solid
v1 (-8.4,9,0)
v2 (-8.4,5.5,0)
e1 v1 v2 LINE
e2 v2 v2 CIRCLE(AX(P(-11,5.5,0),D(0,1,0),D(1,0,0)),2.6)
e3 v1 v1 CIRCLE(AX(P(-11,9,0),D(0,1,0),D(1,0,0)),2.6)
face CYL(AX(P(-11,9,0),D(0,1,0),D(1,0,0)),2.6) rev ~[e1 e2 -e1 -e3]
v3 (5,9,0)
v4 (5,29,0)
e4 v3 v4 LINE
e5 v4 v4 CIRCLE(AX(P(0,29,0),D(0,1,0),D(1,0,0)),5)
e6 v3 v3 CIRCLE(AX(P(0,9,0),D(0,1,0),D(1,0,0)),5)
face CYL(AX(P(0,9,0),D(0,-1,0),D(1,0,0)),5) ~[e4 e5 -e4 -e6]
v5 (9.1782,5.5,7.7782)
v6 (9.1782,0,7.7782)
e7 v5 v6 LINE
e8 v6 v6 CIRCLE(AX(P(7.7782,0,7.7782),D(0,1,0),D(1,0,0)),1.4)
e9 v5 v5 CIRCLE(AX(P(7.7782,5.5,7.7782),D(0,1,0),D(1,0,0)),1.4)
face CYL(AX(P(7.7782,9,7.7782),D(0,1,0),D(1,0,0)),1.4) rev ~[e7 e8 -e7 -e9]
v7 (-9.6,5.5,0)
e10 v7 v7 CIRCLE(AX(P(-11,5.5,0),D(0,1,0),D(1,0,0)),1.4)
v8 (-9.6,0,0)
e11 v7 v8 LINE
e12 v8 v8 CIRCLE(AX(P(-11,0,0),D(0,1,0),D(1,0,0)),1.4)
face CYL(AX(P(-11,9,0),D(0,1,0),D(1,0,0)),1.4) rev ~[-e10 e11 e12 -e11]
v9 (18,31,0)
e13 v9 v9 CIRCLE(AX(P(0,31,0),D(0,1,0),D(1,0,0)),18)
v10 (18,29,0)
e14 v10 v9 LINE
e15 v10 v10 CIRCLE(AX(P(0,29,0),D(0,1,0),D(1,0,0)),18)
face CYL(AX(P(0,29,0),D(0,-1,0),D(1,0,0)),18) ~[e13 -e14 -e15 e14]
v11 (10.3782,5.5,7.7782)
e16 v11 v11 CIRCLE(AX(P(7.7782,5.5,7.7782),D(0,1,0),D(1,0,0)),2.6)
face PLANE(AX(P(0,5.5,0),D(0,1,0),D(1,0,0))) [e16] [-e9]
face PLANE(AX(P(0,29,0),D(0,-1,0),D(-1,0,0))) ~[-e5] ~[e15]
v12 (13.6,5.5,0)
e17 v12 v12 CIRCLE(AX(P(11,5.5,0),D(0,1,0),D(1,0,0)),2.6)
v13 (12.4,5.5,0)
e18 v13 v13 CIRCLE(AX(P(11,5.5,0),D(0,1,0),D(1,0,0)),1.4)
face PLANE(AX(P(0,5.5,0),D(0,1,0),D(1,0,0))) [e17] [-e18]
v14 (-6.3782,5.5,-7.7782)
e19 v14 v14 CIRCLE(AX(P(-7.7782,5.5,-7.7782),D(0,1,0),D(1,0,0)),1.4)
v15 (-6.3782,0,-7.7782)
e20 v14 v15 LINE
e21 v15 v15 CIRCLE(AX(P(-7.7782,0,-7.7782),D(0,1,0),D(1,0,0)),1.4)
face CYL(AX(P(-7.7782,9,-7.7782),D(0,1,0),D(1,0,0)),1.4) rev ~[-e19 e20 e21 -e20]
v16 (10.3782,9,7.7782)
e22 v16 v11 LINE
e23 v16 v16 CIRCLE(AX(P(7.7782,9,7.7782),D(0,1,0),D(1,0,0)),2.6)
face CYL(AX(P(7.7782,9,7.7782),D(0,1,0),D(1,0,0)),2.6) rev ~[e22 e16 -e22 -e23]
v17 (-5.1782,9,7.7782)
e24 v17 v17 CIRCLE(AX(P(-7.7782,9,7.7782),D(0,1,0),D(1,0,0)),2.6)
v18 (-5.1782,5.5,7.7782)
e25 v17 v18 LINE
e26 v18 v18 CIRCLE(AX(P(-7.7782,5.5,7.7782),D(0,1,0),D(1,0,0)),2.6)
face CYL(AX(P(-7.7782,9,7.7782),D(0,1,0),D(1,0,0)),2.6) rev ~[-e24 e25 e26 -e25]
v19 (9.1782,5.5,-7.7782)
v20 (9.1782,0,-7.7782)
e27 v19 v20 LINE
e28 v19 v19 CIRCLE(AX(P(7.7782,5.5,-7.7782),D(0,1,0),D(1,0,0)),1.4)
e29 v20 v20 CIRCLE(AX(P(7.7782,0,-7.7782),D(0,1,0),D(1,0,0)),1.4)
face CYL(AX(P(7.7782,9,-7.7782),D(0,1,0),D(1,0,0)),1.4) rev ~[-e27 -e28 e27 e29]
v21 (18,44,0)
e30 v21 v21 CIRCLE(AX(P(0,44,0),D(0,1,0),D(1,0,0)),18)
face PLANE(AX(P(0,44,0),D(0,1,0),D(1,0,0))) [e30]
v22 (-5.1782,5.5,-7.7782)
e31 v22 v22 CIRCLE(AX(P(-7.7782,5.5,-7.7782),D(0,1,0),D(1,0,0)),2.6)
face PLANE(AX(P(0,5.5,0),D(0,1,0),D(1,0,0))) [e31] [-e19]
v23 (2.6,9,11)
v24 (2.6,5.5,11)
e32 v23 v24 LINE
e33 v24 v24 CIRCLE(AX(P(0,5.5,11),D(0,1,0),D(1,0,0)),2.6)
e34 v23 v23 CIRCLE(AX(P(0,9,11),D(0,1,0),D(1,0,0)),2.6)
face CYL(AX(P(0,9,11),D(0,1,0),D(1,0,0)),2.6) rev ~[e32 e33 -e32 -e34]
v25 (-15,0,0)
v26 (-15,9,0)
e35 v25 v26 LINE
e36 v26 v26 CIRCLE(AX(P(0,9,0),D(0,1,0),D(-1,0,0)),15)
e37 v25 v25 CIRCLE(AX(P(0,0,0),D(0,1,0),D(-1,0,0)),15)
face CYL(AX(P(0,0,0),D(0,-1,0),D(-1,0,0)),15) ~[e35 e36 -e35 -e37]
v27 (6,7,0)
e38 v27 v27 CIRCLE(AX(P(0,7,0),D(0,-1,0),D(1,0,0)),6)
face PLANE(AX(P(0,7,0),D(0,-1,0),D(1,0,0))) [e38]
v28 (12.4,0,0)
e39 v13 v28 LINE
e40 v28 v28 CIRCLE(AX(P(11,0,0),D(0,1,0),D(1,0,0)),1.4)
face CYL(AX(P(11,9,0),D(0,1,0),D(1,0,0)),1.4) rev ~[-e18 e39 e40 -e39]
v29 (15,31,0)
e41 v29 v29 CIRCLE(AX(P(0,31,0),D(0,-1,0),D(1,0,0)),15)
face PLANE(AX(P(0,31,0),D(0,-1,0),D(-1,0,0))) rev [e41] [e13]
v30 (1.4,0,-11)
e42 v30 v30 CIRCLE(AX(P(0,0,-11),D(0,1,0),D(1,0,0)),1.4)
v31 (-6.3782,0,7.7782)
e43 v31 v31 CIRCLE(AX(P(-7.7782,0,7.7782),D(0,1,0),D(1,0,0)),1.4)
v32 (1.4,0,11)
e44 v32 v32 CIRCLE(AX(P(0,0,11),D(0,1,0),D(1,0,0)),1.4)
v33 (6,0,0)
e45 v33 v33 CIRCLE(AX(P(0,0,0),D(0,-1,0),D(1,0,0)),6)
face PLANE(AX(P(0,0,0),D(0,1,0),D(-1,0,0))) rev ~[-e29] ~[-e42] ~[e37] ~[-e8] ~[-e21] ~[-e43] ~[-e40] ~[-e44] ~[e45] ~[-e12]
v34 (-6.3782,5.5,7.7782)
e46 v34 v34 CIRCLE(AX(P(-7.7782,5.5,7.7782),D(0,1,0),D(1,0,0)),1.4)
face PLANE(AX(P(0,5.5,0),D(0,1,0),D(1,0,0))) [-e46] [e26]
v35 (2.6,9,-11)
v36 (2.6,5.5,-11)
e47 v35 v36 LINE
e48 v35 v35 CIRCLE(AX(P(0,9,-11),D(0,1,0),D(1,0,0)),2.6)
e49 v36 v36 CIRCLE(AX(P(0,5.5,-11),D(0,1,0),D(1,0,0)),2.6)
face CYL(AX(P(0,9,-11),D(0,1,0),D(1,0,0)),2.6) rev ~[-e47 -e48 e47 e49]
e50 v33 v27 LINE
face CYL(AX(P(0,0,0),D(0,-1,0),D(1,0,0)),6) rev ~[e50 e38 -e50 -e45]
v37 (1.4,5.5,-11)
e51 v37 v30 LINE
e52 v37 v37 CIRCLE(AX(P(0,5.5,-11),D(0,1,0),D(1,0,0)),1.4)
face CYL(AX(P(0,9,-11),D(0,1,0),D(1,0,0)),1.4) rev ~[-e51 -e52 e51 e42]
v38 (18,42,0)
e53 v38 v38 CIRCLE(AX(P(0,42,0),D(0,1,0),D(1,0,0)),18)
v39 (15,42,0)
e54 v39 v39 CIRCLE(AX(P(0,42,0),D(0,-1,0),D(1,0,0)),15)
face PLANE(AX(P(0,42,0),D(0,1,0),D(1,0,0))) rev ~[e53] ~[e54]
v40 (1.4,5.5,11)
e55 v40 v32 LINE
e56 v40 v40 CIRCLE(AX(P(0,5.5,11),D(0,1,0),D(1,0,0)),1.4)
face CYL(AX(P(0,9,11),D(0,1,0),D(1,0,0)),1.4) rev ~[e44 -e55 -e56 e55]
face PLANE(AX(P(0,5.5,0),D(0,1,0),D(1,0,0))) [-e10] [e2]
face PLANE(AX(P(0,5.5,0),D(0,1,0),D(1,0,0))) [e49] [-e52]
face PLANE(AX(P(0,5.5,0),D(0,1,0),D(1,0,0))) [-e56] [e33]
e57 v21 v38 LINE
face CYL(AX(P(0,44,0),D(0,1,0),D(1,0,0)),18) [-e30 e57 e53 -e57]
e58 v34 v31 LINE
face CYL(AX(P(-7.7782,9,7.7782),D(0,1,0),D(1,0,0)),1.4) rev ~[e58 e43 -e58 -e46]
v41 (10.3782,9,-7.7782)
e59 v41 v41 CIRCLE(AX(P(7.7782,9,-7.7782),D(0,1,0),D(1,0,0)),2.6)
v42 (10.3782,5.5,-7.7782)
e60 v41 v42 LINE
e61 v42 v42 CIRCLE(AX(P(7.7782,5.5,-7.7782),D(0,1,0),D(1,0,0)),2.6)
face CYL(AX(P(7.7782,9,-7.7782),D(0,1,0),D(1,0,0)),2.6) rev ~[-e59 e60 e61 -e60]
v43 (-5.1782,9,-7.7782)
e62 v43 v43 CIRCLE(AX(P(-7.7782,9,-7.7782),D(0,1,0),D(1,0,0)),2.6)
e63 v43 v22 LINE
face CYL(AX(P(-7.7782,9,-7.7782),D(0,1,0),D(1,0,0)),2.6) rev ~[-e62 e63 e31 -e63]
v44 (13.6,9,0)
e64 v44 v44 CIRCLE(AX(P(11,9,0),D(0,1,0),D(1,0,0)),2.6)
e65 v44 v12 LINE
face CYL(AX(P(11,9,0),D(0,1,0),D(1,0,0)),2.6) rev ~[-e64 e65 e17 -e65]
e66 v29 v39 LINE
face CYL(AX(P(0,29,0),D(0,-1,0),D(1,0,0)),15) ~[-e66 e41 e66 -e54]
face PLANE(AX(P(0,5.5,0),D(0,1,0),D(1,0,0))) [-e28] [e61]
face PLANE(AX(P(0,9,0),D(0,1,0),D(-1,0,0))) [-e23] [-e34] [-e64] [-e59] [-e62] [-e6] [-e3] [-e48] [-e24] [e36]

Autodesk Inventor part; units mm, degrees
ref_plane "YZ Plane" through (0, 0, 0) normal (1, 0, 0) x (0, 1, 0)
ref_plane "XZ Plane" through (0, 0, 0) normal (0, 1, 0) x (-1, 0, 0)
ref_plane "XY Plane" through (0, 0, 0) normal (0, 0, 1) x (1, 0, 0)
sketch "Sketch1" plane through (0, 0, 0) normal (0, 1, 0) x (-1, 0, 0)
  circle A0 centre (0, 0) radius 15
  dimension "d0" = 30
extrude "Extrusion1" add sketch "Sketch1" along normal blind 9
sketch "Sketch3" plane through (0, 9, 0) normal (0, 1, 0) x (1, 0, 0)
  circle A0 centre (0, 0) radius 11 construction
  line L0 (0, 0) -> (0, 11) construction
  line L1 (0, 11) -> (7.7782, 7.7782) construction
  line L2 (7.7782, 7.7782) -> (11, 0) construction
  line L3 (11, 0) -> (7.7782, -7.7782) construction
  line L4 (7.7782, -7.7782) -> (0, -11) construction
  line L5 (0, -11) -> (-7.7782, -7.7782) construction
  line L6 (-7.7782, -7.7782) -> (-11, 0) construction
  line L7 (-11, 0) -> (-7.7782, 7.7782) construction
  line L8 (-7.7782, 7.7782) -> (0, 11) construction
  circle A1 centre (-11, 0) radius 1.4
  circle A2 centre (-7.7782, 7.7782) radius 1.4
  circle A3 centre (-7.7782, -7.7782) radius 1.4
  circle A4 centre (0, -11) radius 1.4
  circle A5 centre (7.7782, -7.7782) radius 1.4
  circle A6 centre (11, 0) radius 1.4
  circle A7 centre (7.7782, 7.7782) radius 1.4
  circle A8 centre (0, 11) radius 1.4
  dimension "d12" = 22
  dimension "d13" = 2.8
  dimension "d14" = 2.8
  dimension "d15" = 2.8
  dimension "d16" = 2.8
  dimension "d17" = 2.8
  dimension "d18" = 2.8
  dimension "d19" = 2.8
  dimension "d20" = 2.8
extrude "Extrusion3" cut sketch "Sketch3" against normal up to next
sketch "Sketch4" plane through (0, 9, 0) normal (0, 1, 0) x (1, 0, 0)
  circle A0 centre (-11, 0) radius 1.4 construction
  circle A1 centre (0, 0) radius 11 construction
  line L0 (0, 0) -> (-11, 0) construction
  line L1 (-11, 0) -> (-7.7782, 7.7782) construction
  line L2 (-7.7782, 7.7782) -> (0, 11) construction
  line L3 (0, 11) -> (7.7782, 7.7782) construction
  line L4 (7.7782, 7.7782) -> (11, 0) construction
  line L5 (11, 0) -> (7.7782, -7.7782) construction
  line L6 (7.7782, -7.7782) -> (0, -11) construction
  line L7 (0, -11) -> (-7.7782, -7.7782) construction
  line L8 (-7.7782, -7.7782) -> (-11, 0) construction
  circle A2 centre (-11, 0) radius 2.6
  circle A3 centre (-7.7782, 7.7782) radius 1.4 projected
  circle A4 centre (-7.7782, 7.7782) radius 2.6
  circle A5 centre (0, 11) radius 2.6
  circle A6 centre (7.7782, 7.7782) radius 2.6
  circle A7 centre (11, 0) radius 2.6
  circle A8 centre (7.7782, -7.7782) radius 1.4 projected
  circle A9 centre (7.7782, -7.7782) radius 2.6
  circle A10 centre (0, -11) radius 1.4 projected
  circle A11 centre (0, -11) radius 2.6
  circle A12 centre (-7.7782, -7.7782) radius 2.6
  dimension "d23" = 5.2
  dimension "d24" = 5.2
  dimension "d25" = 5.2
  dimension "d26" = 5.2
  dimension "d27" = 5.2
  dimension "d28" = 5.2
  dimension "d29" = 5.2
  dimension "d30" = 5.2
extrude "Extrusion4" cut sketch "Sketch4" against normal blind 3.5
sketch "Sketch5" plane through (0, 0, 0) normal (0, -1, 0) x (1, 0, 0)
  circle A0 centre (0, 0) radius 6
  dimension "d33" = 12
extrude "Extrusion5" cut sketch "Sketch5" against normal blind 7
sketch "Skizze6" plane through (0, 9, 0) normal (0, 1, 0) x (1, 0, 0)
  circle A0 centre (0, 0) radius 6 projected
  circle A1 centre (0, 0) radius 5
  dimension "d36" = 10
extrude "Extrusion6" add sketch "Skizze6" along normal blind 20 contours A1
sketch "Skizze9" plane through (0, 29, 0) normal (0, 1, 0) x (1, 0, 0)
  circle A0 centre (0, 0) radius 15 construction
  circle A1 centre (0, 0) radius 6 construction
  line L0 (0, 0) -> (0, -15) construction
  line L1 (0, 0) -> (0, -15) construction
  circle A2 centre (0, 0) radius 15
extrude "Extrusion7" add sketch "Skizze9" along normal blind 15
sketch "Skizze10" plane through (0, 44, 0) normal (0, 1, 0) x (1, 0, 0)
  line L0 (0, 0) -> (0, -18) construction
  circle A0 centre (0, 0) radius 5 projected
  circle A1 centre (0, 0) radius 18
  dimension "d44" = 18
extrude "Extrusion8" add sketch "Skizze10" against normal blind 2
ref_plane "Arbeitsebene2" through (0, 36.5, 0) normal (0, 1, 0) x (1, 0, 0)
mirror "Spiegeln1" about plane through (0, 36.5, 0) normal (0, 1, 0) of "Extrusion8"
properties part number "spinning_wheel"
